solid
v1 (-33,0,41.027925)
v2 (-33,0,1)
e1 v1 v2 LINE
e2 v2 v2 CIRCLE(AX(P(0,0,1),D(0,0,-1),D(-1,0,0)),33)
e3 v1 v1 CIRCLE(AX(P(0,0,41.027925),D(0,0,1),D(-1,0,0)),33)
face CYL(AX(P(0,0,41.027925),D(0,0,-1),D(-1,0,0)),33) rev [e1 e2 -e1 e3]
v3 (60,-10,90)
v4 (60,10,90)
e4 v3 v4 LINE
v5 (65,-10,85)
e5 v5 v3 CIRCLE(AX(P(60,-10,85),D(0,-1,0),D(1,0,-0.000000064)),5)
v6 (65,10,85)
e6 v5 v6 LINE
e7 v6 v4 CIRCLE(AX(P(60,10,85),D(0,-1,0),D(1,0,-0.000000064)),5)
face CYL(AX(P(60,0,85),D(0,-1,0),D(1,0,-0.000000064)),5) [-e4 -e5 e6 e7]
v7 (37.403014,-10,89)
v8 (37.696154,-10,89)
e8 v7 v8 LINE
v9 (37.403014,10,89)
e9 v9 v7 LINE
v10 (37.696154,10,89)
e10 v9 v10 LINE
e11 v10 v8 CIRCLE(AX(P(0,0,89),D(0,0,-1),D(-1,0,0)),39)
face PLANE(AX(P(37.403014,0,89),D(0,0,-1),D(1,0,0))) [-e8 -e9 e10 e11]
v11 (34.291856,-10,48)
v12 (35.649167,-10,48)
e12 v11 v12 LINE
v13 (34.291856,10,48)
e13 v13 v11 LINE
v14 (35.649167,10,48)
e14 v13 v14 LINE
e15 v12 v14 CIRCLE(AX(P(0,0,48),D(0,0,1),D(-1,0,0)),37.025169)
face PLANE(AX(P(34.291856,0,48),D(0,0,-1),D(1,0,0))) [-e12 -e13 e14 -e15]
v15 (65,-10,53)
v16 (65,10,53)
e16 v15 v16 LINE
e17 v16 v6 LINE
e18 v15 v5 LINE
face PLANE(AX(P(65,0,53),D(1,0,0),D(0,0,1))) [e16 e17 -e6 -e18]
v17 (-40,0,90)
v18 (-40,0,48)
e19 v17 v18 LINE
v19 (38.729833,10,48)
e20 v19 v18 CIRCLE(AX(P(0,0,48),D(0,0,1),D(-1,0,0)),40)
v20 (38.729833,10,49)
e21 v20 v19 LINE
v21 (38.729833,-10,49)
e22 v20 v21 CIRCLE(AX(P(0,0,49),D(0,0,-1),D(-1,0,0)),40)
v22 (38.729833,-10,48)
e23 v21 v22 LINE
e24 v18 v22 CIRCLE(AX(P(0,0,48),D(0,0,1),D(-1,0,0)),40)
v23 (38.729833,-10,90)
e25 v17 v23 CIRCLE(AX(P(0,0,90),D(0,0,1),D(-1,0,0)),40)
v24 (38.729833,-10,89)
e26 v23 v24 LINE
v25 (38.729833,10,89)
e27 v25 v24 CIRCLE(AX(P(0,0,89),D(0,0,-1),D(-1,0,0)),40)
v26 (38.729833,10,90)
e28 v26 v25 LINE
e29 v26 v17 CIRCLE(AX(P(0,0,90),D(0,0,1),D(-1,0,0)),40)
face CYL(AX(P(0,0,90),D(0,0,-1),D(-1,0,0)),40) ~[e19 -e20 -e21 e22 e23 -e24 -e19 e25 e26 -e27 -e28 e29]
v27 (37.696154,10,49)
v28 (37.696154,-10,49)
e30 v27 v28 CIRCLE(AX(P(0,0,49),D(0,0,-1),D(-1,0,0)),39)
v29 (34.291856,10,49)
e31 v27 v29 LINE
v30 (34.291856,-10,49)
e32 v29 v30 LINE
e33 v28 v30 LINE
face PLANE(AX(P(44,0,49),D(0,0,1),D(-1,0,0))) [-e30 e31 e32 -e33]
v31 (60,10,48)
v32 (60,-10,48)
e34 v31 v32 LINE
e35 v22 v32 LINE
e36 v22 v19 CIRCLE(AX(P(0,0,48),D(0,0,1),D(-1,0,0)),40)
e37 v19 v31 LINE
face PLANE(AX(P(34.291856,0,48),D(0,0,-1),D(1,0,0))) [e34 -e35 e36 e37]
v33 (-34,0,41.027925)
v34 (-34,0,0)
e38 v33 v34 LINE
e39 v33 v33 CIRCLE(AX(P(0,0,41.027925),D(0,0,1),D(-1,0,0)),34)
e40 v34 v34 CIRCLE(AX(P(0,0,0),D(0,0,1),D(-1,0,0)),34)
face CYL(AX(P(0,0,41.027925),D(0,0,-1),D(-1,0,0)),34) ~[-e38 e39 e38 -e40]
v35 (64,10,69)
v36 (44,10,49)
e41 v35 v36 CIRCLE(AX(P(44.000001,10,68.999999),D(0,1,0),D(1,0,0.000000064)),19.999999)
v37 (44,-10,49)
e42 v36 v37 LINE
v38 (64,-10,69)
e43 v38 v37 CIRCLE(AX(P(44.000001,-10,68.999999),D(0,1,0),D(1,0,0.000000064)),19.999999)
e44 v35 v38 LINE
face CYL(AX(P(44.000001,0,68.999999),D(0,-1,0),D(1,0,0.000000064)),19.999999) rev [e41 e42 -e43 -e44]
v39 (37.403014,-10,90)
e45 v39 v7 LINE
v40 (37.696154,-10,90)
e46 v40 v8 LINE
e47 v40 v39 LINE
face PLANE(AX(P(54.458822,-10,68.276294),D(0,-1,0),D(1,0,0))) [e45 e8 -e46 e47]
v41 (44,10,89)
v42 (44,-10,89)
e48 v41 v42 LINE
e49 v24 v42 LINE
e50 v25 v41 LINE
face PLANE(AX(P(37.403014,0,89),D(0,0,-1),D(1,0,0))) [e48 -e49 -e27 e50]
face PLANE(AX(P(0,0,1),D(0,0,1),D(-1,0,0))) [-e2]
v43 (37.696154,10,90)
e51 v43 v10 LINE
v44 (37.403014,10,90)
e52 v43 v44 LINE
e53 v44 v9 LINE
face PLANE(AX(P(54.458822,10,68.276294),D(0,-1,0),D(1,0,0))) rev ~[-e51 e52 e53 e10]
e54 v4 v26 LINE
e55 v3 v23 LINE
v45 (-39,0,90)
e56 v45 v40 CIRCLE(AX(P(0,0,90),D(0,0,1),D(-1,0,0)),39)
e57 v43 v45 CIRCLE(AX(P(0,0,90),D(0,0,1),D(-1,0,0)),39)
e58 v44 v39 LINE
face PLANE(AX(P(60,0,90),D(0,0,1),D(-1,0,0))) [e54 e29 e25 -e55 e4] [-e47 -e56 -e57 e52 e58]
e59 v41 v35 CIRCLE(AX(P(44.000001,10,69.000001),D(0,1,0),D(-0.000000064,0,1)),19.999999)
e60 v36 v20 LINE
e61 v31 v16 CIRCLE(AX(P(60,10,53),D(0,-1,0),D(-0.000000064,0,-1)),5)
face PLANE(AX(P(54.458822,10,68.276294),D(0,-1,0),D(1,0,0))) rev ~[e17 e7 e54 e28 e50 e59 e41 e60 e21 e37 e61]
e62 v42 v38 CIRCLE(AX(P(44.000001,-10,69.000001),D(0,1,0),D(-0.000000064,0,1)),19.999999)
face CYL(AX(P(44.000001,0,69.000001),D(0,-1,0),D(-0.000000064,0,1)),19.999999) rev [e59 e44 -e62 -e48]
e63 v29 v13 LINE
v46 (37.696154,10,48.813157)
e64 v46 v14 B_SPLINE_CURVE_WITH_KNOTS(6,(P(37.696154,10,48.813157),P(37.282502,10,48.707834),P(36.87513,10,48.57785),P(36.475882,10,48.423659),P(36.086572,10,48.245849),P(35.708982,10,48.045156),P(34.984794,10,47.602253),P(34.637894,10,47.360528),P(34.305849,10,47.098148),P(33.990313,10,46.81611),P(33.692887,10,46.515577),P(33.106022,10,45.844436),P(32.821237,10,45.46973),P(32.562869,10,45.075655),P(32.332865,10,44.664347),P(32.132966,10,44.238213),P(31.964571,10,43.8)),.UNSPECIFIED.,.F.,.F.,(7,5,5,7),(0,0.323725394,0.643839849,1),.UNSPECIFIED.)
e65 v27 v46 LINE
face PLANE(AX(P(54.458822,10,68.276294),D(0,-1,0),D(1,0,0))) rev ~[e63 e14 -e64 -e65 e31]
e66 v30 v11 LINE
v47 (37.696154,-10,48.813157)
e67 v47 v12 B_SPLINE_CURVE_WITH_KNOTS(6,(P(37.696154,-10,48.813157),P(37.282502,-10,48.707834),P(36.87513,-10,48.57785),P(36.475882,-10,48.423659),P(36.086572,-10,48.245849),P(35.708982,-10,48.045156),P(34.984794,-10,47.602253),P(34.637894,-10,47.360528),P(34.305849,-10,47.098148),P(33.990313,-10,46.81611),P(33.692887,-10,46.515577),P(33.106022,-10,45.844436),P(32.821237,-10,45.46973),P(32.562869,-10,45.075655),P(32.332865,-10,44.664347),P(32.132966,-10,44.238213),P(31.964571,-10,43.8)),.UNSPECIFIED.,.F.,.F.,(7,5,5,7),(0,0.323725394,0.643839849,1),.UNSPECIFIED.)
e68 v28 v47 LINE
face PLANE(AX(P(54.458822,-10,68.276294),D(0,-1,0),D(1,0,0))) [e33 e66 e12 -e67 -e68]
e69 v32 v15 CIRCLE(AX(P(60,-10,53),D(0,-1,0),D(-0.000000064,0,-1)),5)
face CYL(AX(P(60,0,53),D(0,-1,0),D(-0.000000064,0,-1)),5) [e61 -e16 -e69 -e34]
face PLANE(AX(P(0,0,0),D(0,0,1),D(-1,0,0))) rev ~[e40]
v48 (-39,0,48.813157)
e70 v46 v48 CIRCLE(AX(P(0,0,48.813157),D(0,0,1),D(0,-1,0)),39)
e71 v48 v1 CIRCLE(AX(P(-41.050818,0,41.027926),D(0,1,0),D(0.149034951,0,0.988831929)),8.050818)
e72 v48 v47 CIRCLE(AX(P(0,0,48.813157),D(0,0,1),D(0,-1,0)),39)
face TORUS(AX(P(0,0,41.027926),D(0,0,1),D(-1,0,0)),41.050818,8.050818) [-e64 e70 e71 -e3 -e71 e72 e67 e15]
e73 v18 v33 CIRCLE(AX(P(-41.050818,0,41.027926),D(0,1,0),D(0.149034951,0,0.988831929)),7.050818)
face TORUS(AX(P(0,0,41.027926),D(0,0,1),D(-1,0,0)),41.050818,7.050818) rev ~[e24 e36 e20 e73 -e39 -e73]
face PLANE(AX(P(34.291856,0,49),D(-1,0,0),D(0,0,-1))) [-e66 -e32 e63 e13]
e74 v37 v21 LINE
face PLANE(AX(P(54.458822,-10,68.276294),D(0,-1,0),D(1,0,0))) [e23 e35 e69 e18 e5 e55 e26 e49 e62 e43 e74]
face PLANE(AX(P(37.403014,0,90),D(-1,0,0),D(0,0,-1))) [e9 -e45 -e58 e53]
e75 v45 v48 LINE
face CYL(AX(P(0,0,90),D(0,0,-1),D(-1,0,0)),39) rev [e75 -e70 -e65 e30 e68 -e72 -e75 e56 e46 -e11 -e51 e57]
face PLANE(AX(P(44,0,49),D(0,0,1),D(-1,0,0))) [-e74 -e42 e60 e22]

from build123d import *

# Parameters (mm, degrees)
F2_T     = -1
F4_DEPTH = 10


with BuildPart() as f1:
    # F0 (on Front) → F1 (revolve)
    with BuildSketch(Plane.XZ):
        with BuildLine():
            Line((-34, 0), (0, 0))
            Line((0, 0), (0, 90))
            Line((0, 90), (-40, 90))
            Line((-40, 90), (-40, 48))
            ThreePointArc((-40, 48), (-35.706514, 45.627105), (-34, 41.027925))
            Line((-34, 41.027925), (-34, 0))
        make_face()
    revolve(axis=Axis((0, 0, 45), (0, 0, 1)))

    # F2
    f2_openings = [f1.faces().sort_by_distance(p)[0] for p in [
        (0, 0, 90),
    ]]
    offset(amount=F2_T, openings=f2_openings)

    # F3 (on Front) → F4 (join, symmetric)
    with BuildSketch(Plane.XZ):
        with BuildLine():
            Line((60, 90), (37.403014, 90))
            Line((37.403014, 90), (37.403014, 89))
            Line((37.403014, 89), (44, 89))
            ThreePointArc((44, 89), (58.142136, 83.142136), (64, 69))
            ThreePointArc((64, 69), (58.142136, 54.857864), (44, 49))
            Line((44, 49), (34.291856, 49))
            Line((34.291856, 49), (34.291856, 48))
            Line((34.291856, 48), (60, 48))
            ThreePointArc((60, 48), (63.535534, 49.464466), (65, 53))
            Line((65, 53), (65, 85))
            ThreePointArc((65, 85), (63.535534, 88.535534), (60, 90))
        make_face()
    extrude(amount=F4_DEPTH, both=True)


solid = f1.part
